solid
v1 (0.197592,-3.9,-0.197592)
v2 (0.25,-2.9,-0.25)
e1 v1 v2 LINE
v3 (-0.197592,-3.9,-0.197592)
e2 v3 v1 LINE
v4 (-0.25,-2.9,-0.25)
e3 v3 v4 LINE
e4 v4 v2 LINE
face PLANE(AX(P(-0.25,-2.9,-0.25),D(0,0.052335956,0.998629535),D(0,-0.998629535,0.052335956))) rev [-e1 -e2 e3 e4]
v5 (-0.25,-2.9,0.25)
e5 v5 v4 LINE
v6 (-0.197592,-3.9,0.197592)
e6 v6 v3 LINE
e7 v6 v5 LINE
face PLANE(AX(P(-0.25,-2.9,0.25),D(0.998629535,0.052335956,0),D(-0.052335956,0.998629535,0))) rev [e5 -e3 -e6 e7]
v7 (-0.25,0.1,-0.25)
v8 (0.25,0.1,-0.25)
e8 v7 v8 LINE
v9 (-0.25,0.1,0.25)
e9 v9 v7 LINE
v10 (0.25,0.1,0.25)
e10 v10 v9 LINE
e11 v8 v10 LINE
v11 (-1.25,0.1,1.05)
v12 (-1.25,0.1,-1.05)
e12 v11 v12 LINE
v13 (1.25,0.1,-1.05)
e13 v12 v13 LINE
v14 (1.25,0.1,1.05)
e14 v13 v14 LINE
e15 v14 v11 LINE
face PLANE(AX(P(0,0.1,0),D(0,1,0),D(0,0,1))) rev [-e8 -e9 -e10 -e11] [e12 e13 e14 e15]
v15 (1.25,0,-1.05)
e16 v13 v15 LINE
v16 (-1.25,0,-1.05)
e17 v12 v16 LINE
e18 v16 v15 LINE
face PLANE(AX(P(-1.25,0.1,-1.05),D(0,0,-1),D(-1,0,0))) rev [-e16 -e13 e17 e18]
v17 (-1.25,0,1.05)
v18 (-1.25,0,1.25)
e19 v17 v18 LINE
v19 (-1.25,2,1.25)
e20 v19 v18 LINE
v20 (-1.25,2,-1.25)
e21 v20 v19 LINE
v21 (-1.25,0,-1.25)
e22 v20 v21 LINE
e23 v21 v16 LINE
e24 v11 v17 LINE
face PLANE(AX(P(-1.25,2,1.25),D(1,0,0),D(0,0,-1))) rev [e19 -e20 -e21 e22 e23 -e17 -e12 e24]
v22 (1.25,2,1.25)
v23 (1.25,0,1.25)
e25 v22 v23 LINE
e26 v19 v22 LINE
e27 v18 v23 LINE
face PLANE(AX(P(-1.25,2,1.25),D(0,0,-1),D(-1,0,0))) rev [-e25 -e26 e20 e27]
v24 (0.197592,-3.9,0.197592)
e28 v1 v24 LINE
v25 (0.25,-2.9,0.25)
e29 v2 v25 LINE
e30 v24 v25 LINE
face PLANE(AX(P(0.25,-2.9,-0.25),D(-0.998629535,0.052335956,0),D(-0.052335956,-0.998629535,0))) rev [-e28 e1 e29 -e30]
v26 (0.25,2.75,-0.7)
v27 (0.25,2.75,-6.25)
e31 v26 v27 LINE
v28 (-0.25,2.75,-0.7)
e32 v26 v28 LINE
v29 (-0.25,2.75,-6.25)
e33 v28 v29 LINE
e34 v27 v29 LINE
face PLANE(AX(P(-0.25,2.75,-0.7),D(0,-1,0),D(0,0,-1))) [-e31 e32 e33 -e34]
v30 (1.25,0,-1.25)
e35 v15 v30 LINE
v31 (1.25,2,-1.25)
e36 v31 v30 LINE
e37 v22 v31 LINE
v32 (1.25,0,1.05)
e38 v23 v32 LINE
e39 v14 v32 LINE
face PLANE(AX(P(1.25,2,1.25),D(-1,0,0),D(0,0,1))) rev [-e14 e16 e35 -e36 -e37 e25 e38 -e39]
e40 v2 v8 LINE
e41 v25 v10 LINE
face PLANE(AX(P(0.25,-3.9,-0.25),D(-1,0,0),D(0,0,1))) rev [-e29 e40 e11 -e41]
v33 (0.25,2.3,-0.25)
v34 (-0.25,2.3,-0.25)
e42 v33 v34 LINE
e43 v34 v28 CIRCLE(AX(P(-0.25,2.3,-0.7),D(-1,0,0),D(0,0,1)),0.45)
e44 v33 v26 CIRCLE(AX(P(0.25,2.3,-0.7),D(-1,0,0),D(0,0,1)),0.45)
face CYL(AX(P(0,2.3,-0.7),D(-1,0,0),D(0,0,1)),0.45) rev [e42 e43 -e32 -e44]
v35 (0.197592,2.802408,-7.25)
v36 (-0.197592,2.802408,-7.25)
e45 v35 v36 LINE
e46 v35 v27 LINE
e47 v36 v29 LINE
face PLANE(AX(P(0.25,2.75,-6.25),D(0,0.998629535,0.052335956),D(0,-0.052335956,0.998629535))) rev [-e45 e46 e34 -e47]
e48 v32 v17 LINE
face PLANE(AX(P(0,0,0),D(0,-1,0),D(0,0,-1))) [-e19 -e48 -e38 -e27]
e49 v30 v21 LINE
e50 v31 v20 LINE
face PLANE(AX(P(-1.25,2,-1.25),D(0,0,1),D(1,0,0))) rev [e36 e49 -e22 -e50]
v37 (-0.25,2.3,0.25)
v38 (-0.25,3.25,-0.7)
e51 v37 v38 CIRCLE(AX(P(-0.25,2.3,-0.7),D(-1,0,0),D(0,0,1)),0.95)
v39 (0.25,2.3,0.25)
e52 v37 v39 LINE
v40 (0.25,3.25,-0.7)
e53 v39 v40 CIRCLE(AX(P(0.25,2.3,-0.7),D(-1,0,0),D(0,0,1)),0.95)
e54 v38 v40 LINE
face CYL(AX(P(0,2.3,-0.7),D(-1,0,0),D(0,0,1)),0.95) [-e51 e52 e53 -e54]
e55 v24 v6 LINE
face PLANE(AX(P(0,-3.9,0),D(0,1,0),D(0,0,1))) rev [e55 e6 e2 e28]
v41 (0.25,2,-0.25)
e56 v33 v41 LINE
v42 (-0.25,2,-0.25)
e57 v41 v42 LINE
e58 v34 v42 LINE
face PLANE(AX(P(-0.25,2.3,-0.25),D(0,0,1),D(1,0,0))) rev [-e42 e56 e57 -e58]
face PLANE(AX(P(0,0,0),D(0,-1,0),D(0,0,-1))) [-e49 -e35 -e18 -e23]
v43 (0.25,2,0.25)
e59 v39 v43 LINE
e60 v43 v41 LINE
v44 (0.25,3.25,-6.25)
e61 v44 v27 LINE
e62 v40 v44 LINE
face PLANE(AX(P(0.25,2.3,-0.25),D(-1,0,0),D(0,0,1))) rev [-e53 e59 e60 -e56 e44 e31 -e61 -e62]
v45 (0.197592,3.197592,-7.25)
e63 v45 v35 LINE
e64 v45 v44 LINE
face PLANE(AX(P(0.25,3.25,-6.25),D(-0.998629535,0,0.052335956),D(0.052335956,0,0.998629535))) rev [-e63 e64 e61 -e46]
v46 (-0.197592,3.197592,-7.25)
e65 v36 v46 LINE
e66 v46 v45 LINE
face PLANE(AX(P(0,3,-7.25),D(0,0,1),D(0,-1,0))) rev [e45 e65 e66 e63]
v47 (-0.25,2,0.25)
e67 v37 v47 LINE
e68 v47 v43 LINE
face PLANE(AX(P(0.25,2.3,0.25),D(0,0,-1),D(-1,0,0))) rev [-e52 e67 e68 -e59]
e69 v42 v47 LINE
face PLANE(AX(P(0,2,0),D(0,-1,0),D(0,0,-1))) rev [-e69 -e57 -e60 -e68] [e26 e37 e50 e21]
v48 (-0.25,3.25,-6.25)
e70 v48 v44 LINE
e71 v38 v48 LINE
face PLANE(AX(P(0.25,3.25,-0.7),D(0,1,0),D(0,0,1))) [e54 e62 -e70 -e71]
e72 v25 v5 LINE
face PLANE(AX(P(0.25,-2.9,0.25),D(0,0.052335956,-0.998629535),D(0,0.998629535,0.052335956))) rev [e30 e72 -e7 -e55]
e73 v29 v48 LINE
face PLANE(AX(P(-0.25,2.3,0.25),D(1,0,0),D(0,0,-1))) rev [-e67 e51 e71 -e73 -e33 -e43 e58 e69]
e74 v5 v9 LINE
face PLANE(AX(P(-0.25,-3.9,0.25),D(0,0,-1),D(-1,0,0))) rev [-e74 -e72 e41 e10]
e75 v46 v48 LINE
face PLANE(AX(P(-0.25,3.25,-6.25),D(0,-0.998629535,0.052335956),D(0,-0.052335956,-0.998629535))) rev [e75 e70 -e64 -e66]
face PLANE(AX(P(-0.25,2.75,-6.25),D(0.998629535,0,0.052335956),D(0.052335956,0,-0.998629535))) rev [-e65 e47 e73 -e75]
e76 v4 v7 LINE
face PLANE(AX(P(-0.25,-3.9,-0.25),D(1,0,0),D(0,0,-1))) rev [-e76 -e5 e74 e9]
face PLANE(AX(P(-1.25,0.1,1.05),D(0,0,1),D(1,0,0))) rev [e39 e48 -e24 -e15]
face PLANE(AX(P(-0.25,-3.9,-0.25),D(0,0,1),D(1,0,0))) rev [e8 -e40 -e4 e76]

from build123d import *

# Parameters (mm, degrees)
CROQUIS1_W              = 2.5
CROQUIS1_H              = 2.5
SALIENTE_EXTRUIR1_DEPTH = 2
CROQUIS2_W              = 2.5
CROQUIS2_H              = 2.1
CORTAR_EXTRUIR1_DEPTH   = 0.1
CROQUIS3_W              = 0.5
CROQUIS3_H              = 0.5
SALIENTE_EXTRUIR2_DEPTH = 4
CROQUIS5_OUTSIDE_W      = 5.98
CROQUIS5_OUTSIDE_H      = 5.98
CROQUIS5_OUTSIDE_W_2    = 0.5
CROQUIS5_OUTSIDE_H_2    = 0.5
CORTAR_EXTRUIR2_DEPTH   = 1
CORTAR_EXTRUIR2_DRAFT   = -3
CROQUIS6_W              = 0.5
CROQUIS6_H              = 0.5
CROQUIS8_OUTSIDE_W      = 6.882
CROQUIS8_OUTSIDE_H      = 11.532
CROQUIS8_OUTSIDE_W_2    = 0.5
CROQUIS8_OUTSIDE_H_2    = 0.5
CORTAR_EXTRUIR3_DEPTH   = 1
CORTAR_EXTRUIR3_DRAFT   = -3


with BuildPart() as part:
    # Croquis1 → Saliente-Extruir1 (new body)
    with BuildSketch(Plane(origin=(0, 0, 0), x_dir=(1, 0, 0), z_dir=(0, 1, 0))):
        Rectangle(CROQUIS1_W, CROQUIS1_H)
    extrude(amount=SALIENTE_EXTRUIR1_DEPTH)

    # Croquis2 → Cortar-Extruir1 (cut)
    with BuildSketch(Plane.XZ):
        Rectangle(CROQUIS2_W, CROQUIS2_H)
    extrude(amount=-CORTAR_EXTRUIR1_DEPTH, mode=Mode.SUBTRACT)

    # Croquis3 → Saliente-Extruir2 (add)
    with BuildSketch(Plane.XZ.offset(-0.1)):
        Rectangle(CROQUIS3_W, CROQUIS3_H)
    extrude(amount=SALIENTE_EXTRUIR2_DEPTH)


with BuildPart() as cortar_extruir2_tool:
    # Croquis5 outside → Cortar-Extruir2 (with draft: the straight prism first)
    with BuildSketch(Plane(origin=(0, -2.9, 0), x_dir=(-1, 0, 0), z_dir=(0, -1, 0))):
        Rectangle(CROQUIS5_OUTSIDE_W, CROQUIS5_OUTSIDE_H)
        Rectangle(CROQUIS5_OUTSIDE_W_2, CROQUIS5_OUTSIDE_H_2, mode=Mode.SUBTRACT)
    extrude(amount=CORTAR_EXTRUIR2_DEPTH)
    # Cortar-Extruir2: the draft: its side faces are tilted about the plane it starts from
    cortar_extruir2_sides = [cortar_extruir2_tool.faces().sort_by_distance(p)[0] for p in [
        (0, -3.4, 2.99),
        (-2.99, -3.4, 0),
        (0, -3.4, -2.99),
        (2.99, -3.4, 0),
        (0, -3.4, -0.25),
        (-0.25, -3.4, 0),
        (0, -3.4, 0.25),
        (0.25, -3.4, 0),
    ]]
    draft(cortar_extruir2_sides, Plane(origin=(0, -2.9, 0), x_dir=(-1, 0, 0), z_dir=(0, -1, 0)), CORTAR_EXTRUIR2_DRAFT)


with BuildPart() as part_1:
    add(part.part)

    # Cortar-Extruir2: cut by cortar_extruir2_tool
    add(cortar_extruir2_tool.part, mode=Mode.SUBTRACT)

    # Barrer1: sweep along a path in Croquis7
    with BuildLine(Plane(origin=(0, 0, 0), x_dir=(0, 0, -1), z_dir=(1, 0, 0))) as barrer1_path:
        Line((0, 2), (0, 2.3))
        ThreePointArc((0, 2.3), (0.205025253, 2.794974747), (0.7, 3))
        Line((0.7, 3), (7.25, 3))
    # Croquis6 → Barrer1 (sweep)
    with BuildSketch(Plane(origin=(0, 2, 0), x_dir=(1, 0, 0), z_dir=(0, 1, 0))):
        Rectangle(CROQUIS6_W, CROQUIS6_H)
    sweep(path=barrer1_path.line)


with BuildPart() as cortar_extruir3_tool:
    # Croquis8 outside → Cortar-Extruir3 (with draft: the straight prism first)
    with BuildSketch(Plane(origin=(0, 0, -6.25), x_dir=(-1, 0, 0), z_dir=(0, 0, -1))):
        with Locations((0, -0.325)):
            Rectangle(CROQUIS8_OUTSIDE_W, CROQUIS8_OUTSIDE_H)
        with Locations((0, 3)):
            Rectangle(CROQUIS8_OUTSIDE_W_2, CROQUIS8_OUTSIDE_H_2, mode=Mode.SUBTRACT)
    extrude(amount=CORTAR_EXTRUIR3_DEPTH)
    # Cortar-Extruir3: the draft: its side faces are tilted about the plane it starts from
    cortar_extruir3_sides = [cortar_extruir3_tool.faces().sort_by_distance(p)[0] for p in [
        (0, -6.091, -6.75),
        (-3.441, -0.325, -6.75),
        (0, 5.441, -6.75),
        (3.441, -0.325, -6.75),
        (0, 2.75, -6.75),
        (0.25, 3, -6.75),
        (0, 3.25, -6.75),
        (-0.25, 3, -6.75),
    ]]
    draft(cortar_extruir3_sides, Plane(origin=(0, 0, -6.25), x_dir=(-1, 0, 0), z_dir=(0, 0, -1)), CORTAR_EXTRUIR3_DRAFT)


with BuildPart() as part_2:
    add(part_1.part)

    # Cortar-Extruir3: cut by cortar_extruir3_tool
    add(cortar_extruir3_tool.part, mode=Mode.SUBTRACT)


solid = part_2.part
